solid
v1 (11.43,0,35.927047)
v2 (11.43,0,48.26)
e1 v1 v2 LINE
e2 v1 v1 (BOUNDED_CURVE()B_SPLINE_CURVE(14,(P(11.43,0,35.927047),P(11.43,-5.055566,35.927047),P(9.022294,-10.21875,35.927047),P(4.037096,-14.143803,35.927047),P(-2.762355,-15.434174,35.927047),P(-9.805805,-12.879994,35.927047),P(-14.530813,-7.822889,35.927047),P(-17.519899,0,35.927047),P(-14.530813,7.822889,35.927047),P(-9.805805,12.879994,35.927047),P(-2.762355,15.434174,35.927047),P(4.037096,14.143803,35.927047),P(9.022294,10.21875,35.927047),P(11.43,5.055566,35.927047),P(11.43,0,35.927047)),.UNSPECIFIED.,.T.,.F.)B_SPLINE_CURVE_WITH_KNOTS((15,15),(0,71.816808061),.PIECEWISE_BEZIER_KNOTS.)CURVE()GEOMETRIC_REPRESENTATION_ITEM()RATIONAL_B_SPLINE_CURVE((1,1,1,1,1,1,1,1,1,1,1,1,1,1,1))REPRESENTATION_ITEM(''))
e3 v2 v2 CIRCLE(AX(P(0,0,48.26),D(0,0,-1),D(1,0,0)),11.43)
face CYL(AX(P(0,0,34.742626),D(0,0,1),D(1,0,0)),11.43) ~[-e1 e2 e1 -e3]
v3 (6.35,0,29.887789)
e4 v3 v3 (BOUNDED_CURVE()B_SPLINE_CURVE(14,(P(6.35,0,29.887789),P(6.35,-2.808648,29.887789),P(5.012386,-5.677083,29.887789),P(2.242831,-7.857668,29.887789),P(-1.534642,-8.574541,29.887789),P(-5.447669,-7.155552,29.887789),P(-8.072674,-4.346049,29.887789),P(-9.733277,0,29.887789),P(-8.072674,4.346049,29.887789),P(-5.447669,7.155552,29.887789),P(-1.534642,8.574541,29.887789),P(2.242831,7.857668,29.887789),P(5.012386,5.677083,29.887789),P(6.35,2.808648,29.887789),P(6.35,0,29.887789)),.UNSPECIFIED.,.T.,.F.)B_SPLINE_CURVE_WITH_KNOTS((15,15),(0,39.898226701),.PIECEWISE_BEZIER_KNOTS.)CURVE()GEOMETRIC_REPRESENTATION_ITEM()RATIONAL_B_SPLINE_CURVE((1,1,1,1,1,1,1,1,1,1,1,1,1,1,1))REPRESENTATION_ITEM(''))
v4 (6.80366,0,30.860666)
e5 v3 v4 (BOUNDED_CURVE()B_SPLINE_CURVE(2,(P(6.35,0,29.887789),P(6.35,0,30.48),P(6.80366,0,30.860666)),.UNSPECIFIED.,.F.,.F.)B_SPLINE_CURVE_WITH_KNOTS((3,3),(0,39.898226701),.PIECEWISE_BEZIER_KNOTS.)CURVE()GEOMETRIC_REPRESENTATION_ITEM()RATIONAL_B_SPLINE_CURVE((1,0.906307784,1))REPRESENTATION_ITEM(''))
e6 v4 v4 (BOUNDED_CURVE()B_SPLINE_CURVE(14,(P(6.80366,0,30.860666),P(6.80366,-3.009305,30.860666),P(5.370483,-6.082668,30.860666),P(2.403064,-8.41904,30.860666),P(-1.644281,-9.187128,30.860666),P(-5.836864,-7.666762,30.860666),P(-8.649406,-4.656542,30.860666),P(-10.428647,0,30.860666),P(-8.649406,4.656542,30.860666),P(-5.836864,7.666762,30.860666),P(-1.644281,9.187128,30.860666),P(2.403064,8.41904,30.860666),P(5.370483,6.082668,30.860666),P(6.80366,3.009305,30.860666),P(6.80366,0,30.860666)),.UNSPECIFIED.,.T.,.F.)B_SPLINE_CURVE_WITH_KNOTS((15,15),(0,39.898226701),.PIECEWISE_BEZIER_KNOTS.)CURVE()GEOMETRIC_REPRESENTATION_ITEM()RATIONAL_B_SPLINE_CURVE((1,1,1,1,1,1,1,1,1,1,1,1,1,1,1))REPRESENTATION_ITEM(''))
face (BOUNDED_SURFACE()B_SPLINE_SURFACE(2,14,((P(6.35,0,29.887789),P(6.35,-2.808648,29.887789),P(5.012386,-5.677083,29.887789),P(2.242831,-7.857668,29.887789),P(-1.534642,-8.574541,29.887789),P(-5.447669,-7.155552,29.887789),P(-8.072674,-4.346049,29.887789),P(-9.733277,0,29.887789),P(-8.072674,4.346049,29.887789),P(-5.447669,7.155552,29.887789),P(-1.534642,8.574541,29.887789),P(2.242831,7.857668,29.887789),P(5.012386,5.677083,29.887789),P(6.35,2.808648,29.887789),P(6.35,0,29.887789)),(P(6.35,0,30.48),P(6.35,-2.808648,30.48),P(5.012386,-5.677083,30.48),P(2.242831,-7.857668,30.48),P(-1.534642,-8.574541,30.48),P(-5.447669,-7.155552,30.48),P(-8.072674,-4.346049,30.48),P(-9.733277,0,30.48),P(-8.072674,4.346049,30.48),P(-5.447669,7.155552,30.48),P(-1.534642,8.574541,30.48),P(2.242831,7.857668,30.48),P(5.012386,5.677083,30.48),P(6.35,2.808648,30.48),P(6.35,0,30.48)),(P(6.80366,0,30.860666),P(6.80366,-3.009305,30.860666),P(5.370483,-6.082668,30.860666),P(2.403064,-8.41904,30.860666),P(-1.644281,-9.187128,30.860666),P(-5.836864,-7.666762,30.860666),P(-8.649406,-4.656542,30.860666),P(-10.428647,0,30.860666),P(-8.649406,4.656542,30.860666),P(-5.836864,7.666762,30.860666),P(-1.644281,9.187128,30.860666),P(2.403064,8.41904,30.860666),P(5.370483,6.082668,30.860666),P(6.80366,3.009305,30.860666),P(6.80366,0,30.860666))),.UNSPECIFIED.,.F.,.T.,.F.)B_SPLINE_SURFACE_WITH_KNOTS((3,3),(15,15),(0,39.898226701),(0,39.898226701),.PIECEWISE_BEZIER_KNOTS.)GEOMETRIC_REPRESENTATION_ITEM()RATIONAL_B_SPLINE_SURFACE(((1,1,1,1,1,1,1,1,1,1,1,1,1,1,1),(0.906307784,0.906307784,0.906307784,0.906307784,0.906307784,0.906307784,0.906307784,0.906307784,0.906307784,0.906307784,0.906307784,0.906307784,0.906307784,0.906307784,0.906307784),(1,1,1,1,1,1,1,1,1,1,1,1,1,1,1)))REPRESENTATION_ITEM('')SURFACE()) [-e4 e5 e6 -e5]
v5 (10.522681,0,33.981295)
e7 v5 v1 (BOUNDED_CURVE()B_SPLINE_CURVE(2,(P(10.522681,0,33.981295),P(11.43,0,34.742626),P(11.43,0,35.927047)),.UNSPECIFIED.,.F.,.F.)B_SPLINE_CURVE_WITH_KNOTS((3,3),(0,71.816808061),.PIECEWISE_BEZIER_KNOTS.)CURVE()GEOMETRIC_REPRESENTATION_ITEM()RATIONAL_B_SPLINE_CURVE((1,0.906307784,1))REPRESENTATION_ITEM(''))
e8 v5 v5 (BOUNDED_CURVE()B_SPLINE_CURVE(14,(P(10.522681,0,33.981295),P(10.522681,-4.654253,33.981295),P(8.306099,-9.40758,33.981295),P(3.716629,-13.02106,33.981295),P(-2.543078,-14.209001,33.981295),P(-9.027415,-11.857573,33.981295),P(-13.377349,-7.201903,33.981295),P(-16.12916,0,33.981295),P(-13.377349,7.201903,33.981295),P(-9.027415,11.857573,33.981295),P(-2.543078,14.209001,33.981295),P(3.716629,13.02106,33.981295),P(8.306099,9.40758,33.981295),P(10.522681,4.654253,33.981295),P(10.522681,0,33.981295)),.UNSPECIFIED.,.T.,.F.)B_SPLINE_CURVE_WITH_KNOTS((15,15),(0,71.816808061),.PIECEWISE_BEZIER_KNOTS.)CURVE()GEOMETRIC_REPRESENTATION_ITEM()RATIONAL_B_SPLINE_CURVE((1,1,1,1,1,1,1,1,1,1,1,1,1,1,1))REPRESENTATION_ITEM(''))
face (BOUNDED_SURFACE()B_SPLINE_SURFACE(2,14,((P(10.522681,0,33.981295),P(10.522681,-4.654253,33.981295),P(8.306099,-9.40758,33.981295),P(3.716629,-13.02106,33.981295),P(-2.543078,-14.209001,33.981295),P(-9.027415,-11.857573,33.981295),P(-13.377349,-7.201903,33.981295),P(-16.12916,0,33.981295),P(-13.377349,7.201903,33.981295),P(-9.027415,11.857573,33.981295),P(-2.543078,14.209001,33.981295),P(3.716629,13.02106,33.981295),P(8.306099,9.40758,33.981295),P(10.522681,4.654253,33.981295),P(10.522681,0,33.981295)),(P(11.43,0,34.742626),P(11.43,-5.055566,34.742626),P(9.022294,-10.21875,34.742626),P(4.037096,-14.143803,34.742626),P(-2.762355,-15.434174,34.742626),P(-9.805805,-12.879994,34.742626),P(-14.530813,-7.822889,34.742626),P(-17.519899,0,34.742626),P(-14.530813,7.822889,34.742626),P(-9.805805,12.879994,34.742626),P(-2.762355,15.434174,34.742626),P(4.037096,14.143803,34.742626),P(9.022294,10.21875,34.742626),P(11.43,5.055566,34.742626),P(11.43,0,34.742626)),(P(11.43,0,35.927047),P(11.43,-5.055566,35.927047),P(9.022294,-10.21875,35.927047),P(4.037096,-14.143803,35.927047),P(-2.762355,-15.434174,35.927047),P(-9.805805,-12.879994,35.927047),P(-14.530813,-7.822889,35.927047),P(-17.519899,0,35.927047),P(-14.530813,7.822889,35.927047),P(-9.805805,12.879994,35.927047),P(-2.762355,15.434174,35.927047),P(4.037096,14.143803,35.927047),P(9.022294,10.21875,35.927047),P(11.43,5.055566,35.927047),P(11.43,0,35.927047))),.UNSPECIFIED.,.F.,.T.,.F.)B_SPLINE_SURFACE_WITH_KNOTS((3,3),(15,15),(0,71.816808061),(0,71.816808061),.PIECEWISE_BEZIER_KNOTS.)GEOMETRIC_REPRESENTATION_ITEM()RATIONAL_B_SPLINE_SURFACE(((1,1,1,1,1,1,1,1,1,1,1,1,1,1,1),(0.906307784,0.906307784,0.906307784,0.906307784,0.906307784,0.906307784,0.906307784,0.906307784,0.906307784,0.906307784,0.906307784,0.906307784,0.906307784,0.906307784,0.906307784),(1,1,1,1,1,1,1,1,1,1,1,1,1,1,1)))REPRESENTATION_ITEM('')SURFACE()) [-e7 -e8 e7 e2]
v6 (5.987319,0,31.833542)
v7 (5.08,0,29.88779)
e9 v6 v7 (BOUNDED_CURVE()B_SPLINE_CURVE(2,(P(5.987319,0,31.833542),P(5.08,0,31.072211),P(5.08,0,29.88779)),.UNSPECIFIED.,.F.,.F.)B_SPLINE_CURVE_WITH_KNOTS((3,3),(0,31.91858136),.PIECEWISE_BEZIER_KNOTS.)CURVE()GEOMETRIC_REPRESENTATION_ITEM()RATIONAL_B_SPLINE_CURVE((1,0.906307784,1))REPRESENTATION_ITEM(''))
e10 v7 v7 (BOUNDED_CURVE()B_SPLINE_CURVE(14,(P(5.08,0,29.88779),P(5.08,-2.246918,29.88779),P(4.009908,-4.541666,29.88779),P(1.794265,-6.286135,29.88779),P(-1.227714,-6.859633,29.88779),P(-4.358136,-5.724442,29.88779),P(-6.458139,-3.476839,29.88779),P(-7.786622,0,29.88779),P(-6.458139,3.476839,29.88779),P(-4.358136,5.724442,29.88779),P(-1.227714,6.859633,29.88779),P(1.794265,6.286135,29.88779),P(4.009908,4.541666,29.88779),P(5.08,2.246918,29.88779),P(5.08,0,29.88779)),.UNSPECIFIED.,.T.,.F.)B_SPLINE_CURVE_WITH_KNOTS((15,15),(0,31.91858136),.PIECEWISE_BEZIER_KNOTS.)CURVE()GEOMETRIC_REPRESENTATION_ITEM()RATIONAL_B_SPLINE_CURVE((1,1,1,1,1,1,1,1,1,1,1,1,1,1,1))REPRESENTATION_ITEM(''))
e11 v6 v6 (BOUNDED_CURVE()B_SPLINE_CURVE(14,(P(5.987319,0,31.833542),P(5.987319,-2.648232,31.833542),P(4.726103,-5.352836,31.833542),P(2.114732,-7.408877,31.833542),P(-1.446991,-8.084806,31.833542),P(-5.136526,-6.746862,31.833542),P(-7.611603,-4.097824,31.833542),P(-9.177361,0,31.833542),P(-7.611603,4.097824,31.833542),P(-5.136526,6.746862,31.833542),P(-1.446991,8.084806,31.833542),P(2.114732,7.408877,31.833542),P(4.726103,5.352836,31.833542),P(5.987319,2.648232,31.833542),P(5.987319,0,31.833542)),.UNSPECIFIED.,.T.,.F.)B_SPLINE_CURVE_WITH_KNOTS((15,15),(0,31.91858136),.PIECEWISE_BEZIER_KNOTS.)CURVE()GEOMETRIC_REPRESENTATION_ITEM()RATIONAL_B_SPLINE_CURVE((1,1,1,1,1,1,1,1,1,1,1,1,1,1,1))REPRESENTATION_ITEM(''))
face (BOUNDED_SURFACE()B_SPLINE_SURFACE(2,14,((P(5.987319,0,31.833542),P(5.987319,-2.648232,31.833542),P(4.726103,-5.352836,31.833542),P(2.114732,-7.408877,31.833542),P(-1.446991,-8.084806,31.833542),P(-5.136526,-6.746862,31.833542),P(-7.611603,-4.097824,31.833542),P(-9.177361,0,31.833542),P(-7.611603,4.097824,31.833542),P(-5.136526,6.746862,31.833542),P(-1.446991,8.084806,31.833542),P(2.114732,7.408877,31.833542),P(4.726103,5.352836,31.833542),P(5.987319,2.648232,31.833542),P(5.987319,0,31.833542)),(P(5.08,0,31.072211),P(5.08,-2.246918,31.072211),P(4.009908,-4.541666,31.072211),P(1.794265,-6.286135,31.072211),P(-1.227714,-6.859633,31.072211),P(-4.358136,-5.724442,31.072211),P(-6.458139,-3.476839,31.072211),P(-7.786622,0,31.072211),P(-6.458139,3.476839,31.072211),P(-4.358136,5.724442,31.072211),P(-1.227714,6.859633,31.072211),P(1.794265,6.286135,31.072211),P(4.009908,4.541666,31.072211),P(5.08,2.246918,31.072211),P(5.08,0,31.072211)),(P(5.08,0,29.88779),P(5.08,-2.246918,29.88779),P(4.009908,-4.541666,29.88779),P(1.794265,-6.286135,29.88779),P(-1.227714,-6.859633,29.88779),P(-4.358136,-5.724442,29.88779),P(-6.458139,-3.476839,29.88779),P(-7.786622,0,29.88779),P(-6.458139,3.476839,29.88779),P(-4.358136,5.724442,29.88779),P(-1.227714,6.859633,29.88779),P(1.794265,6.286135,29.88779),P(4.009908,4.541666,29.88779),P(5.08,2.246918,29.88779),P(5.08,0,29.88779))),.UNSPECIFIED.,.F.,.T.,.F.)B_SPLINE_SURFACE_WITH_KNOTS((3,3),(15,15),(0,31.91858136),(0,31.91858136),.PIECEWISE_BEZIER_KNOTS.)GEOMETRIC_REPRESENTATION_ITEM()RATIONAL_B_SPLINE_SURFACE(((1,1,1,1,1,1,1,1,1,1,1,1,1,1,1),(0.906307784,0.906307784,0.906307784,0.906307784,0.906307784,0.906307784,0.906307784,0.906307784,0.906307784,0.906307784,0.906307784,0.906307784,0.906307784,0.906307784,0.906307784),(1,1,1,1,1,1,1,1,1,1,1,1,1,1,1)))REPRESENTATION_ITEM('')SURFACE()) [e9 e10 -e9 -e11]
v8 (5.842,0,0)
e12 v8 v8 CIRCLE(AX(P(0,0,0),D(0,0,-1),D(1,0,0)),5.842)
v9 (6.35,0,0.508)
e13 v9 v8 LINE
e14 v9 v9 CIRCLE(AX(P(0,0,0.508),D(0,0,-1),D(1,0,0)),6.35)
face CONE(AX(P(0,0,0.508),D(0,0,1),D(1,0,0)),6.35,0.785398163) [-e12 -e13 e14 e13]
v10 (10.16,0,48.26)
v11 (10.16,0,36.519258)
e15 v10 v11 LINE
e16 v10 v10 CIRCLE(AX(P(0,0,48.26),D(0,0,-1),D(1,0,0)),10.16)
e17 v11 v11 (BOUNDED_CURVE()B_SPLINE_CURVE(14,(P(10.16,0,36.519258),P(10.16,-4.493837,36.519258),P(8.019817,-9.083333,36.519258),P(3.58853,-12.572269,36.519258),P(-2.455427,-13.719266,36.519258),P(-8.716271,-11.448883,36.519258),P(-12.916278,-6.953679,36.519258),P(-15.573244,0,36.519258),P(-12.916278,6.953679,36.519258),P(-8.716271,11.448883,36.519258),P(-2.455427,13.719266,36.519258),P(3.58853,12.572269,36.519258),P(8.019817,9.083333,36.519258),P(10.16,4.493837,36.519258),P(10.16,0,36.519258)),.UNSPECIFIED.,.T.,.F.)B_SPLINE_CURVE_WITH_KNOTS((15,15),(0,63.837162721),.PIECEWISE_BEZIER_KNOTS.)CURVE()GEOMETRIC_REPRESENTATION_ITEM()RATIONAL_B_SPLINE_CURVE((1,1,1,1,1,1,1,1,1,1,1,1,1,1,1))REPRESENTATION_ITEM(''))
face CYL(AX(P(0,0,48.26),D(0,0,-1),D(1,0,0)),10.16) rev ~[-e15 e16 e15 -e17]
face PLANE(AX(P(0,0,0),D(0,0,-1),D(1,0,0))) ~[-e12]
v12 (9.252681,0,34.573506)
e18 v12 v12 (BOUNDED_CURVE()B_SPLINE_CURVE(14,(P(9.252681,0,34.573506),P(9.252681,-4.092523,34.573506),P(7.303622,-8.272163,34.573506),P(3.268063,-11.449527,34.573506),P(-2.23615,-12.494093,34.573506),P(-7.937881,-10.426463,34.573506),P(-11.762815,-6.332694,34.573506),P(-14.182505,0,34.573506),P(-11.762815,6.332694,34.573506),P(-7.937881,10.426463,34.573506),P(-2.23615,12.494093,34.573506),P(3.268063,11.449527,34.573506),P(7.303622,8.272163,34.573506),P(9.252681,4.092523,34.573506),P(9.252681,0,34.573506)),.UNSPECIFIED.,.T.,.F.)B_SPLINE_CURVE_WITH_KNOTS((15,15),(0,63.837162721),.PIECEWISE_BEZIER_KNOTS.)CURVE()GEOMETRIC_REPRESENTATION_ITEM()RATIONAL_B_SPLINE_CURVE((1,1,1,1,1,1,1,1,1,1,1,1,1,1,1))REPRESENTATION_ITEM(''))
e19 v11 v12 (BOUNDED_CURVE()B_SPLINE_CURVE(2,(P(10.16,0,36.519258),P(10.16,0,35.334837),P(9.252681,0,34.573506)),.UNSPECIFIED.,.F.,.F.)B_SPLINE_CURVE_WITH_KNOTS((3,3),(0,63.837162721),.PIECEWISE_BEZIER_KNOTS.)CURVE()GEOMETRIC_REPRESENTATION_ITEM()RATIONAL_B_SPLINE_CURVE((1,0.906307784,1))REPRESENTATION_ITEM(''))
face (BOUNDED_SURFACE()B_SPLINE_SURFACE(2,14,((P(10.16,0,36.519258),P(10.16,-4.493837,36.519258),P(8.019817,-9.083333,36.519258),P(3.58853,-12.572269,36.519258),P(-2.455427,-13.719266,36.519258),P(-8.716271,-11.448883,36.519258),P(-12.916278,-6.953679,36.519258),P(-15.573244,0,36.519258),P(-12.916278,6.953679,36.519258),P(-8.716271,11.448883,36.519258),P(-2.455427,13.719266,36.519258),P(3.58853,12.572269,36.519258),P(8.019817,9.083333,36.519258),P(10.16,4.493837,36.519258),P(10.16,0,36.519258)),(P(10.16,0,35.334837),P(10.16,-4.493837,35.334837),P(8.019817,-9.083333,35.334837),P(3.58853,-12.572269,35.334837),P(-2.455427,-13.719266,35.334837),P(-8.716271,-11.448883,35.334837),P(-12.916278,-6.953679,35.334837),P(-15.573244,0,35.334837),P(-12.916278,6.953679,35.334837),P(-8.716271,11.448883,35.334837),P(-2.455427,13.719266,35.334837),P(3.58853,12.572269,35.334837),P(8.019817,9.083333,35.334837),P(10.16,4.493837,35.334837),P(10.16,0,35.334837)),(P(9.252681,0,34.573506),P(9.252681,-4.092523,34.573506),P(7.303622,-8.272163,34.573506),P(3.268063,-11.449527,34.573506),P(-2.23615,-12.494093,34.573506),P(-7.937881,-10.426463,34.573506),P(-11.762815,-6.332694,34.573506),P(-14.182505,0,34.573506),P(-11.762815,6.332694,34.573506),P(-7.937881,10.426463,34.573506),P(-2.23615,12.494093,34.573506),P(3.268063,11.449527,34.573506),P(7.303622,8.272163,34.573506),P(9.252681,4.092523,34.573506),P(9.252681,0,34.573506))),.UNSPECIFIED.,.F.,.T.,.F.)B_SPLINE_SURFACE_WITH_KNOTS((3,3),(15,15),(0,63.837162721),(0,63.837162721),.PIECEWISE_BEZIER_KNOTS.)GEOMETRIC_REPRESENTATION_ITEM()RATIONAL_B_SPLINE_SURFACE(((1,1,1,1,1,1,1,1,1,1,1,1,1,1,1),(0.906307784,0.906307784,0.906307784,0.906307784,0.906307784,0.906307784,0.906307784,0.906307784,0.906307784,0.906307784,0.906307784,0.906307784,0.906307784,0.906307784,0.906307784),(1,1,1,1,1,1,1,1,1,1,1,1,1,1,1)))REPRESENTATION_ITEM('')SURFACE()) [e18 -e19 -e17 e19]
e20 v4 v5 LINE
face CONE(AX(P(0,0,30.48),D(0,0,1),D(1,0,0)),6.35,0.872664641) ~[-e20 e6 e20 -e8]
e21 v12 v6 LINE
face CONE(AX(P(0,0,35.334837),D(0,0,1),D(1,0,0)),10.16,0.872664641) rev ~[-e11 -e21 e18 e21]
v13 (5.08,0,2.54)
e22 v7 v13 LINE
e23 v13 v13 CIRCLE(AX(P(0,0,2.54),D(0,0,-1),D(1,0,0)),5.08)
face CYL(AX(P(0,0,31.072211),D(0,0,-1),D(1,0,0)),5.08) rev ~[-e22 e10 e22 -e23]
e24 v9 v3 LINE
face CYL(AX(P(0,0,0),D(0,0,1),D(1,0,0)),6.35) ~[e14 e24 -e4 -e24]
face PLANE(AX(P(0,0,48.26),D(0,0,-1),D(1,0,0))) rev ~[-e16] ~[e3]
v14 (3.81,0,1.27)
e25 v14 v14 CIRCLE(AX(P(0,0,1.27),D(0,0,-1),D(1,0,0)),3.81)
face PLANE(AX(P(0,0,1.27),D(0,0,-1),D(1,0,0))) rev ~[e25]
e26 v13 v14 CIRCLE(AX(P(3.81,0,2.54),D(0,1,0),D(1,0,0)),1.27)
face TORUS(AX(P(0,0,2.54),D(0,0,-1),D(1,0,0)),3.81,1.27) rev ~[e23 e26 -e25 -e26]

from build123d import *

# Parameters (mm, degrees)
F2_R    = 1.27
F3_SIZE = 0.508
F4_R    = 1.27
F5_R    = 2.54
F6_R    = 2.54


with BuildPart() as f1:
    # F0 (on Front) → F1 (revolve)
    with BuildSketch(Plane.XZ):
        Polygon((6.35, 0), (6.35, 30.48), (11.43, 34.742626), (11.43, 48.26), (10.16, 48.26), (10.16, 35.334837), (5.08, 31.072211), (5.08, 1.27), (0, 1.27), (0, 0), align=None)
    revolve(axis=Axis((0, 0, 19.968925), (0, 0, -1)))

    # F2
    f2_edges = [f1.edges().sort_by_distance(p)[0] for p in [
        (-5.08, 0, 1.27),
    ]]
    fillet(f2_edges, radius=F2_R)

    # F3
    f3_edges = [f1.edges().sort_by_distance(p)[0] for p in [
        (-6.35, 0, 0),
    ]]
    chamfer(f3_edges, length=F3_SIZE)

    # F4
    f4_edges = [f1.edges().sort_by_distance(p)[0] for p in [
        (-6.35, 0, 30.48),
    ]]
    fillet(f4_edges, radius=F4_R)

    # F5
    f5_edges = [f1.edges().sort_by_distance(p)[0] for p in [
        (-11.43, 0, 34.742626),
    ]]
    fillet(f5_edges, radius=F5_R)

    # F6
    f6_edges = [f1.edges().sort_by_distance(p)[0] for p in [
        (-10.16, 0, 35.334837),
        (-5.08, 0, 31.072211),
    ]]
    fillet(f6_edges, radius=F6_R)


with BuildPart() as f7_1:
    # F7: copy of F1
    add(f1.part.moved(Location((69.85, 0, 0))))


solid = f1.part
